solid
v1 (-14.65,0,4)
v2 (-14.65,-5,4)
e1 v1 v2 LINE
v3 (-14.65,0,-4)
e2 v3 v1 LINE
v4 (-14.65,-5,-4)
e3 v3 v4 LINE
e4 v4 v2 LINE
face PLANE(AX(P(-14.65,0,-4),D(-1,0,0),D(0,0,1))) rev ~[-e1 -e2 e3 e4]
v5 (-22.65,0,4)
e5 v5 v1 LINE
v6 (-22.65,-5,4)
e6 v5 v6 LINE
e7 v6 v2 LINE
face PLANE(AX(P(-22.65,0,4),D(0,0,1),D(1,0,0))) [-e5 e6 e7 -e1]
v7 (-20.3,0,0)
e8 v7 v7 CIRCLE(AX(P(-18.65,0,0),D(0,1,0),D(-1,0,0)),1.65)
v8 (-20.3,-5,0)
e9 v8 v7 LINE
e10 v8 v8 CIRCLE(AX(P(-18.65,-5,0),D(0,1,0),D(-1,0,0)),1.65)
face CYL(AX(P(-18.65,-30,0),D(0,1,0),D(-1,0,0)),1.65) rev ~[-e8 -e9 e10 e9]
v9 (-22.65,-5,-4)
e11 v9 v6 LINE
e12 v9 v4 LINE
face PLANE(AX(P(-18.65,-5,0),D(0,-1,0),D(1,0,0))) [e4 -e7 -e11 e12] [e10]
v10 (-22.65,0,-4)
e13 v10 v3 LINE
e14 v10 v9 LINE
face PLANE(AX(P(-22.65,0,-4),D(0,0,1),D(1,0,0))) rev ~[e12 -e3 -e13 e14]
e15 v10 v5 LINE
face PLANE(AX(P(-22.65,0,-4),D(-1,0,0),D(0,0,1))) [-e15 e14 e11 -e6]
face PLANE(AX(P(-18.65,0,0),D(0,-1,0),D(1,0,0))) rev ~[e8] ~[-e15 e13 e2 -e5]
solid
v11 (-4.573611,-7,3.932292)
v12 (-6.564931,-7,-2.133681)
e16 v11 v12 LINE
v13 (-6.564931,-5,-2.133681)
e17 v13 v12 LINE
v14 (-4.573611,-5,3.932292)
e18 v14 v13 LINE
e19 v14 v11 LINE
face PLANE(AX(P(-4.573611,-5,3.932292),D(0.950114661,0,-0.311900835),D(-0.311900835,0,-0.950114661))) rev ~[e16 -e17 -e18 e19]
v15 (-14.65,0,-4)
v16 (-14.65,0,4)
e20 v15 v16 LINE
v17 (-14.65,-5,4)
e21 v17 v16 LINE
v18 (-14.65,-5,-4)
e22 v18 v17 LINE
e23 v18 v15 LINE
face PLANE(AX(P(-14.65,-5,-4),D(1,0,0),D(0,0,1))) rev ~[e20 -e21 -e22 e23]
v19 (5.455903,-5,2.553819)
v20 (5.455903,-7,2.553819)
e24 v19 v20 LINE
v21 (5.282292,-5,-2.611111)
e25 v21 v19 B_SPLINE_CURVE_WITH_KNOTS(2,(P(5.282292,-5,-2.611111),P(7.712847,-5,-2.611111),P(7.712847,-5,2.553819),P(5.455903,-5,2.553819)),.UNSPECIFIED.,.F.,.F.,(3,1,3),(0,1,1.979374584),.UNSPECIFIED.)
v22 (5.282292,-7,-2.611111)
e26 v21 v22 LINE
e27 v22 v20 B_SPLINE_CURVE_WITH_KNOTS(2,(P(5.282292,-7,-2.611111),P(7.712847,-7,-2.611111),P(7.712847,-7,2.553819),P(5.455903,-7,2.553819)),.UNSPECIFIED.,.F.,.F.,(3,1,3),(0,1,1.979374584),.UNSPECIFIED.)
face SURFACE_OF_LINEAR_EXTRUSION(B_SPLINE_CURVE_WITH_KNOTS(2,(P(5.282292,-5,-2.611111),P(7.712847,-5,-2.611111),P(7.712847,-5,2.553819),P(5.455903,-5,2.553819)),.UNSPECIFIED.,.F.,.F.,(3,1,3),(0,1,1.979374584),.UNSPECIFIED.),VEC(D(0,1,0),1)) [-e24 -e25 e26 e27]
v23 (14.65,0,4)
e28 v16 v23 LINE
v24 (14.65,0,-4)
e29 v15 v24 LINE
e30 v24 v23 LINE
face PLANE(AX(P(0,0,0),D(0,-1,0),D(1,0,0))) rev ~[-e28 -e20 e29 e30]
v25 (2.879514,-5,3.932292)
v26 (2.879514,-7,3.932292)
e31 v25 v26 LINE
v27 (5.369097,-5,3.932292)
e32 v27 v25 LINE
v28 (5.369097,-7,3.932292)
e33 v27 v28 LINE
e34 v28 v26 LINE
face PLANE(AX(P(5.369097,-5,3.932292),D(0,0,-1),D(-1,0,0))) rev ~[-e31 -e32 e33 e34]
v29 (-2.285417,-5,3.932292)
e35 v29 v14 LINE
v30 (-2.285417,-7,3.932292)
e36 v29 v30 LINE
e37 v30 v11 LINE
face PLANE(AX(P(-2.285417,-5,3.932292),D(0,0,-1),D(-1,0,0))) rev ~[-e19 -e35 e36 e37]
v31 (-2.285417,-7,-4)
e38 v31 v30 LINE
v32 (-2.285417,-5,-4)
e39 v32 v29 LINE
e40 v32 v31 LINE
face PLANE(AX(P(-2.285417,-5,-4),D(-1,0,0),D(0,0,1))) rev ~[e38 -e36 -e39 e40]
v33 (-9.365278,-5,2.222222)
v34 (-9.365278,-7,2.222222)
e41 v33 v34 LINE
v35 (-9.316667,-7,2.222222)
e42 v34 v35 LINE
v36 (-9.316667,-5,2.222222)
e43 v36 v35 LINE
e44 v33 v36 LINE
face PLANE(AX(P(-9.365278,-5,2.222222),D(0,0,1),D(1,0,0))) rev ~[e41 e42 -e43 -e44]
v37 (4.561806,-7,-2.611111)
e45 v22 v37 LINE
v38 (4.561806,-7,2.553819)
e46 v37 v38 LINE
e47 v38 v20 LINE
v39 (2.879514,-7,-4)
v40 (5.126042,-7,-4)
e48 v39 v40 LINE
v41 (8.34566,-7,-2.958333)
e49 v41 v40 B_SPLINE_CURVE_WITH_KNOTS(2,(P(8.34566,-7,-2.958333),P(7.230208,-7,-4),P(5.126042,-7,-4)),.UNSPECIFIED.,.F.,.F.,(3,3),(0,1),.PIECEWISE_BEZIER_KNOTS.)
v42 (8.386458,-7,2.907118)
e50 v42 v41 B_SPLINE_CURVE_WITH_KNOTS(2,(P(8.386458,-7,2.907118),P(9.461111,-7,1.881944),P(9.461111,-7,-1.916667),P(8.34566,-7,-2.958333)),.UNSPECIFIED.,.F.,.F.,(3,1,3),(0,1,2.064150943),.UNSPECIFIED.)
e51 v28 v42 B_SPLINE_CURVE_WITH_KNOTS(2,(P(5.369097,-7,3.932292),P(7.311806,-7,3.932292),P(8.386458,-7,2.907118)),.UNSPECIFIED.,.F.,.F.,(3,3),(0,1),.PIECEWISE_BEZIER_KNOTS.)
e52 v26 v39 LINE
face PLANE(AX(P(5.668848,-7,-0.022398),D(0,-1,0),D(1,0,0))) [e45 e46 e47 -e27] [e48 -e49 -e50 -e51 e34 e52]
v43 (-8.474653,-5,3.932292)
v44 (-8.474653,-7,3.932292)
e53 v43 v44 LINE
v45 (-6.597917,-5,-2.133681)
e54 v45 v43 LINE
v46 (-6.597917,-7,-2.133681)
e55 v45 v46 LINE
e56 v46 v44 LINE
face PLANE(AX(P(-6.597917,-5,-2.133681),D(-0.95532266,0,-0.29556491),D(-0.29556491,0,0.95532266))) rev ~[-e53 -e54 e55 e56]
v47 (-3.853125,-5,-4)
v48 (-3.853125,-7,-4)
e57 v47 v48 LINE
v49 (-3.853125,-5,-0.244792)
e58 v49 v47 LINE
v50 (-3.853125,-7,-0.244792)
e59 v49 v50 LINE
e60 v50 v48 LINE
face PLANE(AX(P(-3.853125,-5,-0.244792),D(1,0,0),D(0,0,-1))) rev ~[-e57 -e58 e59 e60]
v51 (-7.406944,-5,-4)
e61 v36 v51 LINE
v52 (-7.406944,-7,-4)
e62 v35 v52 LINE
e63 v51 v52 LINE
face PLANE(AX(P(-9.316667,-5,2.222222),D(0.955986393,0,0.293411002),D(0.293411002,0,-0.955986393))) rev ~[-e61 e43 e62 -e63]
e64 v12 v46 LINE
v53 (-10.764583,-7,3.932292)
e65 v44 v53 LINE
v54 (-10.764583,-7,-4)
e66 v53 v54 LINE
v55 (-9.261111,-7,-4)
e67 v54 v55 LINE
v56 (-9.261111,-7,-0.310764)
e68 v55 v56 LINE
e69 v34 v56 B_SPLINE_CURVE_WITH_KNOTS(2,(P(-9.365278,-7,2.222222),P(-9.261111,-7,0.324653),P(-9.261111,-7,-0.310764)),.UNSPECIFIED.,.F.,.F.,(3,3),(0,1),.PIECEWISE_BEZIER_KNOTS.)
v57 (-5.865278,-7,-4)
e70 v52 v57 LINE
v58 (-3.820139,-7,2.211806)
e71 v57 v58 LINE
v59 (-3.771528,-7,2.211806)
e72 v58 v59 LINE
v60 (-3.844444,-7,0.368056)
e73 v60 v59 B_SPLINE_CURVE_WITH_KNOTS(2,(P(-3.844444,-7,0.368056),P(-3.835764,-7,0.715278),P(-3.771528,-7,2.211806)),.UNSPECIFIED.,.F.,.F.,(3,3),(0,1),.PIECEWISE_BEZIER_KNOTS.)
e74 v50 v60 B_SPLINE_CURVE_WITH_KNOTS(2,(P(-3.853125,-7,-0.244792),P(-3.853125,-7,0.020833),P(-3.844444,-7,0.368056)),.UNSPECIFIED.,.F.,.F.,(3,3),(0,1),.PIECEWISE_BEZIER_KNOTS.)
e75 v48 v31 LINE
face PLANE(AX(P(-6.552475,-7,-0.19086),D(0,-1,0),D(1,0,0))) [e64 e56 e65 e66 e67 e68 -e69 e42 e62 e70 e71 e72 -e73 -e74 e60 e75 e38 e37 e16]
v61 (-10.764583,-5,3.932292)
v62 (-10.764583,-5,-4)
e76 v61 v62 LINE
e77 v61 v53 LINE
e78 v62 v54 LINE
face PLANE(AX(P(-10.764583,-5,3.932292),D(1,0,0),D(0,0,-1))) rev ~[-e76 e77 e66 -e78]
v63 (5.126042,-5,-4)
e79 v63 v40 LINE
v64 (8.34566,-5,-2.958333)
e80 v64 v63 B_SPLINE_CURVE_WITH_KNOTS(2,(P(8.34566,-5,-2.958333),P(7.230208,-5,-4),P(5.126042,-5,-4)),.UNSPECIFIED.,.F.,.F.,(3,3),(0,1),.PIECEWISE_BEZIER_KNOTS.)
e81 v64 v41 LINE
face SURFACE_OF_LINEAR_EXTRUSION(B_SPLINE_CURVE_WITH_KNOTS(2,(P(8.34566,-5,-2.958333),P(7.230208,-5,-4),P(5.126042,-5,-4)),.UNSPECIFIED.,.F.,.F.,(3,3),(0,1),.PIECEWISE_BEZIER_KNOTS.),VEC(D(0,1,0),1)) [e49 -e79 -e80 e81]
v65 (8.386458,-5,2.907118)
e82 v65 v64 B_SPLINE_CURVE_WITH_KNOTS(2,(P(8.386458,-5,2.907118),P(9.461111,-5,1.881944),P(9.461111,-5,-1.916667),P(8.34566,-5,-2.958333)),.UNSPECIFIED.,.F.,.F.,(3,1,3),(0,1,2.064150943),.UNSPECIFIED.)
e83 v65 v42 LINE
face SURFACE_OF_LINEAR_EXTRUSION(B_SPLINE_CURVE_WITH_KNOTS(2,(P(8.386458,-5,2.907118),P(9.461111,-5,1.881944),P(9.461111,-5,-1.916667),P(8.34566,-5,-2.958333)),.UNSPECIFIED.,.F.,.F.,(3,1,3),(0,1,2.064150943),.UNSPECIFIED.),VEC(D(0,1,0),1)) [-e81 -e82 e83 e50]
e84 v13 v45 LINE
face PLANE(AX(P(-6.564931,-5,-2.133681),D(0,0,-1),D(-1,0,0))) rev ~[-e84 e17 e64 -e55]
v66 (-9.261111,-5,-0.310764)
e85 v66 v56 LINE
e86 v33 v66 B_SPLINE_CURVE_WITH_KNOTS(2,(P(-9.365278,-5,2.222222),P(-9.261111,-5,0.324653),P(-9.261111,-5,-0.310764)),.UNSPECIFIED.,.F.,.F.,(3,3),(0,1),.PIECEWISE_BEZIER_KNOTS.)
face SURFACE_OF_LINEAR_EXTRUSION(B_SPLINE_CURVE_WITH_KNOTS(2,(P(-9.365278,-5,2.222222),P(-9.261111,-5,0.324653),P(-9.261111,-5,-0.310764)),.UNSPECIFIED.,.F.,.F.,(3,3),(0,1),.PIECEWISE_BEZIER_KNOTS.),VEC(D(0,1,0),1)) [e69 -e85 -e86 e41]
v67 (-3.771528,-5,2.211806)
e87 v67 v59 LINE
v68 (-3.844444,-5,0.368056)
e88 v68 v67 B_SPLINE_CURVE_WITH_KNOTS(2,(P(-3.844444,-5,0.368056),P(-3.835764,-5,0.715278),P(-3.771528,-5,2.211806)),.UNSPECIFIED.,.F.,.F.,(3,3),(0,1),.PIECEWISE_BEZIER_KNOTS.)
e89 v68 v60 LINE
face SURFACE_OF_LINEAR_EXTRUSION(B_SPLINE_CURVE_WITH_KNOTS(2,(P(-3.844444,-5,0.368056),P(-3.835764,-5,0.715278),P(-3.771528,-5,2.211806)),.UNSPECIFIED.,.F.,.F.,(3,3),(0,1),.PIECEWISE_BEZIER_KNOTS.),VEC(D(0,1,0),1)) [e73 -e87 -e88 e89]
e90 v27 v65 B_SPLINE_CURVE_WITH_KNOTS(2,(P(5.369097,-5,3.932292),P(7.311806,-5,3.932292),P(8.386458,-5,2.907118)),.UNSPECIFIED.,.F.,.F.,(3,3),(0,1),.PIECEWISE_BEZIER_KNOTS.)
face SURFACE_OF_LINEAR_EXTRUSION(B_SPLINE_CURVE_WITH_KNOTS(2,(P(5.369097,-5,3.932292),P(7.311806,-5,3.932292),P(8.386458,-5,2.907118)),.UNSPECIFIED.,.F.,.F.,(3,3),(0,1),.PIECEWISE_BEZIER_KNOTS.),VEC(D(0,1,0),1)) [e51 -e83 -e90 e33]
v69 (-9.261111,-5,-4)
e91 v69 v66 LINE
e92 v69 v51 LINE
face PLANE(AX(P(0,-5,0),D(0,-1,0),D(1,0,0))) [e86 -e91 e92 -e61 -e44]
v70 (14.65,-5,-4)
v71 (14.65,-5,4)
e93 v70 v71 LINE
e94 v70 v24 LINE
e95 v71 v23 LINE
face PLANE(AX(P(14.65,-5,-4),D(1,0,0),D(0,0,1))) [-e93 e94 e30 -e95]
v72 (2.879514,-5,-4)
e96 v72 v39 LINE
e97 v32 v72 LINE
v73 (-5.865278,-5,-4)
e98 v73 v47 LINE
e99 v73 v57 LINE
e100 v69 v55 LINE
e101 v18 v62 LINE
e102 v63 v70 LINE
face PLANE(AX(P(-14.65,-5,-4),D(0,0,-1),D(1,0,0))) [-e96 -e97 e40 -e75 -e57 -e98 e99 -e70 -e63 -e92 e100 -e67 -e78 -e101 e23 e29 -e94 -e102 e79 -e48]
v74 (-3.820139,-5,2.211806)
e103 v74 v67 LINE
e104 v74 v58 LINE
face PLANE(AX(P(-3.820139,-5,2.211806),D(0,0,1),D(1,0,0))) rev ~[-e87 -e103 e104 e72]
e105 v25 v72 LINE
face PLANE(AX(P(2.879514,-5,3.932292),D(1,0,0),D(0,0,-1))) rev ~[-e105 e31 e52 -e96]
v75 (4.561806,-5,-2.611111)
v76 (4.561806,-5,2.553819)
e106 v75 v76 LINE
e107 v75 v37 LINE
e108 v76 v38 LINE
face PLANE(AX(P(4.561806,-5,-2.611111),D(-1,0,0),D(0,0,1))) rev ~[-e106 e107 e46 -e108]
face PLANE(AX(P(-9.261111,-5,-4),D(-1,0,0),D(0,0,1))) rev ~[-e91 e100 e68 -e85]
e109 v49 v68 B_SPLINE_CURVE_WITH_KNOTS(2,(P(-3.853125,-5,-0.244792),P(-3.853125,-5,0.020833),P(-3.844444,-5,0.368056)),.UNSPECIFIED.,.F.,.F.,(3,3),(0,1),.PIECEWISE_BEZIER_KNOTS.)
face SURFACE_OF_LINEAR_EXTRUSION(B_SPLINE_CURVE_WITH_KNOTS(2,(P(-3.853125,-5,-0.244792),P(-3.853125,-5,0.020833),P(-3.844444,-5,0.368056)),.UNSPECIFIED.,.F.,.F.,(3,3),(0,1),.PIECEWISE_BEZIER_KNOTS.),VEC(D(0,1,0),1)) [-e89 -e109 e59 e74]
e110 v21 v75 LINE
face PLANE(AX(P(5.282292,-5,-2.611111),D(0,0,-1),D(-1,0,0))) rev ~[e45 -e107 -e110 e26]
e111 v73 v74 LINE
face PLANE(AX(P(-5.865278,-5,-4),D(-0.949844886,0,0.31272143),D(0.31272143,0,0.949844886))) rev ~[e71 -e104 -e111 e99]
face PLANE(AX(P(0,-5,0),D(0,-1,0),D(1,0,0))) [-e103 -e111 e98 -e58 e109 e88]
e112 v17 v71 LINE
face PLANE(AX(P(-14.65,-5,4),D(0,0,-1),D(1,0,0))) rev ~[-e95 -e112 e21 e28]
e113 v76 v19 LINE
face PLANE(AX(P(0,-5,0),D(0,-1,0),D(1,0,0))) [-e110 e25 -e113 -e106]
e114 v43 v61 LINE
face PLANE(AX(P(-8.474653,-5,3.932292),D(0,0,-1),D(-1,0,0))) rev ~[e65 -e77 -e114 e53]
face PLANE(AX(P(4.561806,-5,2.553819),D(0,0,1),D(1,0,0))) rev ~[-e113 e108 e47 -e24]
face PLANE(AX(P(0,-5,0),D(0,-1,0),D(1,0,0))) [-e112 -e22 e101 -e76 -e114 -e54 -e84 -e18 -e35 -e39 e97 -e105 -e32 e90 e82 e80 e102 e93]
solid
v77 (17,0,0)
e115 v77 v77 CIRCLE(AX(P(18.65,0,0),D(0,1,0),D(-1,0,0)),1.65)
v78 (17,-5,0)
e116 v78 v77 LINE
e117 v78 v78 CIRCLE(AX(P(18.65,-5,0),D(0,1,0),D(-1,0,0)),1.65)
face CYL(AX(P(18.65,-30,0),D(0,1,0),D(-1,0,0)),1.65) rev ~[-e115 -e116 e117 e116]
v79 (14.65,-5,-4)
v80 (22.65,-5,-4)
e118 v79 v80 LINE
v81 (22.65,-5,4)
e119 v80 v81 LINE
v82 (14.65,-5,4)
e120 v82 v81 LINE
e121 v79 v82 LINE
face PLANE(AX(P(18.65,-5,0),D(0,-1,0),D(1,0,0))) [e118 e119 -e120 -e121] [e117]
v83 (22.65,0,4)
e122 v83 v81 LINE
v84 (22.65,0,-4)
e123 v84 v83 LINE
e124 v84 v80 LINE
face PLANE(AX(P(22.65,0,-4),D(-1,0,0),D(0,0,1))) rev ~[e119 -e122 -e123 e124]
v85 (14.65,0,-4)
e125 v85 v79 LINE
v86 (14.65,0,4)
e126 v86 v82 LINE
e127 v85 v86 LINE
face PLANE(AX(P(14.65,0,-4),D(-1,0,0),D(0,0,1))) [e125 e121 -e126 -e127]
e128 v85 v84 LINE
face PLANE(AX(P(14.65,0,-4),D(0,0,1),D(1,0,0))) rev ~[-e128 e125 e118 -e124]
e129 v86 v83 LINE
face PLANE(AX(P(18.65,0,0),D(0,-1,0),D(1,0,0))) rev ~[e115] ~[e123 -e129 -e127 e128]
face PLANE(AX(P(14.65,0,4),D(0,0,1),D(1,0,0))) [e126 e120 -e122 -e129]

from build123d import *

# Parameters (mm, degrees)
F0_W       = 8
F0_H       = 8
F1_DEPTH   = 5
F3_D       = 3.3
F3_DEPTH   = 25
F3_TIP     = 0.9914200214
F3_2_D     = 3.3
F3_2_DEPTH = 25
F3_2_TIP   = 0.9914200214
F4_W       = 29.3
F4_H       = 8
F5_DEPTH   = 5
F7_DEPTH   = 2


with BuildPart() as f1:
    # F0 (on Front) → F1 (new body)
    with BuildSketch(Plane.XZ):
        with Locations((-18.65, 0)):
            Rectangle(F0_W, F0_H)
    extrude(amount=F1_DEPTH)

    # F3
    with Locations(Plane.XZ.offset(5)):
        with Locations((-18.65, 0), (18.65, 0)):
            Hole(F3_D / 2, depth=F3_DEPTH)
            with Locations((0, 0, -(F3_DEPTH + F3_TIP / 2))):  # 118° drill point
                Cone(0, F3_D / 2, F3_TIP, mode=Mode.SUBTRACT)


with BuildPart() as f1b:
    # F0 (on Front) → F1, piece 2 (new body)
    with BuildSketch(Plane.XZ):
        with Locations((18.65, 0)):
            Rectangle(F0_W, F0_H)
    extrude(amount=F1_DEPTH)

    # F3#2
    with Locations(Plane.XZ.offset(5)):
        with Locations((-18.65, 0), (18.65, 0)):
            Hole(F3_2_D / 2, depth=F3_2_DEPTH)
            with Locations((0, 0, -(F3_2_DEPTH + F3_2_TIP / 2))):  # 118° drill point
                Cone(0, F3_2_D / 2, F3_2_TIP, mode=Mode.SUBTRACT)


with BuildPart() as f5:
    # F4 (on face) → F5 (new body)
    with BuildSketch(Plane.XZ.offset(5)):
        Rectangle(F4_W, F4_H)
    extrude(amount=-F5_DEPTH)

    # F6 (on face) → F7 (join)
    with BuildSketch(Plane.XZ.offset(5)):
        with BuildLine():
            Line((-9.3166666667, 2.2222222222), (-7.4069444444, -4))
            Line((-7.4069444444, -4), (-5.8652777778, -4))
            Line((-5.8652777778, -4), (-3.8201388889, 2.2118055556))
            Line((-3.8201388889, 2.2118055556), (-3.7715277778, 2.2118055556))
            add(Edge.make_bspline(
                [(-3.8444444444, 0.3680555556), (-3.8357638889, 0.7152777778), (-3.7715277778, 2.2118055556)],
                knots=[0, 0, 0, 1, 1, 1], degree=2))
            add(Edge.make_bspline(
                [(-3.853125, -0.2447916667), (-3.853125, 0.0208333333), (-3.8444444444, 0.3680555556)],
                knots=[0, 0, 0, 1, 1, 1], degree=2))
            Line((-3.853125, -0.2447916667), (-3.853125, -4))
            Line((-3.853125, -4), (-2.2854166667, -4))
            Line((-2.2854166667, -4), (-2.2854166667, 3.9322916667))
            Line((-2.2854166667, 3.9322916667), (-4.5736111111, 3.9322916667))
            Line((-4.5736111111, 3.9322916667), (-6.5649305556, -2.1336805556))
            Line((-6.5649305556, -2.1336805556), (-6.5979166667, -2.1336805556))
            Line((-6.5979166667, -2.1336805556), (-8.4746527778, 3.9322916667))
            Line((-8.4746527778, 3.9322916667), (-10.7645833333, 3.9322916667))
            Line((-10.7645833333, 3.9322916667), (-10.7645833333, -4))
            Line((-10.7645833333, -4), (-9.2611111111, -4))
            Line((-9.2611111111, -4), (-9.2611111111, -0.3107638889))
            add(Edge.make_bspline(
                [(-9.3652777778, 2.2222222222), (-9.2611111111, 0.3246527778), (-9.2611111111, -0.3107638889)],
                knots=[0, 0, 0, 1, 1, 1], degree=2))
            Line((-9.3652777778, 2.2222222222), (-9.3166666667, 2.2222222222))
        make_face()
        with BuildLine():
            Line((2.8795138889, 3.9322916667), (2.8795138889, -4))
            Line((2.8795138889, -4), (5.1260416667, -4))
            add(Edge.make_bspline(
                [(8.3456597222, -2.9583333333), (7.2302083333, -4), (5.1260416667, -4)],
                knots=[0, 0, 0, 1, 1, 1], degree=2))
            add(Edge.make_bspline(
                [(9.4611111111, 0.0416666667), (9.4611111111, -1.9166666667), (8.3456597222, -2.9583333333)],
                knots=[0, 0, 0, 1, 1, 1], degree=2))
            add(Edge.make_bspline(
                [(8.3864583333, 2.9071180556), (9.4611111111, 1.8819444444), (9.4611111111, 0.0416666667)],
                knots=[0, 0, 0, 1, 1, 1], degree=2))
            add(Edge.make_bspline(
                [(5.3690972222, 3.9322916667), (7.3118055556, 3.9322916667), (8.3864583333, 2.9071180556)],
                knots=[0, 0, 0, 1, 1, 1], degree=2))
            Line((5.3690972222, 3.9322916667), (2.8795138889, 3.9322916667))
        make_face()
        with BuildLine():
            add(Edge.make_bspline(
                [(7.7128472222, -0.0017361111), (7.7128472222, 2.5538194444), (5.4559027778, 2.5538194444)],
                knots=[0, 0, 0, 1, 1, 1], degree=2))
            add(Edge.make_bspline(
                [(5.2822916667, -2.6111111111), (7.7128472222, -2.6111111111), (7.7128472222, -0.0017361111)],
                knots=[0, 0, 0, 1, 1, 1], degree=2))
            Line((5.2822916667, -2.6111111111), (4.5618055556, -2.6111111111))
            Line((4.5618055556, -2.6111111111), (4.5618055556, 2.5538194444))
            Line((4.5618055556, 2.5538194444), (5.4559027778, 2.5538194444))
        make_face(mode=Mode.SUBTRACT)
    extrude(amount=F7_DEPTH)


solid = Compound([f1.part, f1b.part, f5.part])
